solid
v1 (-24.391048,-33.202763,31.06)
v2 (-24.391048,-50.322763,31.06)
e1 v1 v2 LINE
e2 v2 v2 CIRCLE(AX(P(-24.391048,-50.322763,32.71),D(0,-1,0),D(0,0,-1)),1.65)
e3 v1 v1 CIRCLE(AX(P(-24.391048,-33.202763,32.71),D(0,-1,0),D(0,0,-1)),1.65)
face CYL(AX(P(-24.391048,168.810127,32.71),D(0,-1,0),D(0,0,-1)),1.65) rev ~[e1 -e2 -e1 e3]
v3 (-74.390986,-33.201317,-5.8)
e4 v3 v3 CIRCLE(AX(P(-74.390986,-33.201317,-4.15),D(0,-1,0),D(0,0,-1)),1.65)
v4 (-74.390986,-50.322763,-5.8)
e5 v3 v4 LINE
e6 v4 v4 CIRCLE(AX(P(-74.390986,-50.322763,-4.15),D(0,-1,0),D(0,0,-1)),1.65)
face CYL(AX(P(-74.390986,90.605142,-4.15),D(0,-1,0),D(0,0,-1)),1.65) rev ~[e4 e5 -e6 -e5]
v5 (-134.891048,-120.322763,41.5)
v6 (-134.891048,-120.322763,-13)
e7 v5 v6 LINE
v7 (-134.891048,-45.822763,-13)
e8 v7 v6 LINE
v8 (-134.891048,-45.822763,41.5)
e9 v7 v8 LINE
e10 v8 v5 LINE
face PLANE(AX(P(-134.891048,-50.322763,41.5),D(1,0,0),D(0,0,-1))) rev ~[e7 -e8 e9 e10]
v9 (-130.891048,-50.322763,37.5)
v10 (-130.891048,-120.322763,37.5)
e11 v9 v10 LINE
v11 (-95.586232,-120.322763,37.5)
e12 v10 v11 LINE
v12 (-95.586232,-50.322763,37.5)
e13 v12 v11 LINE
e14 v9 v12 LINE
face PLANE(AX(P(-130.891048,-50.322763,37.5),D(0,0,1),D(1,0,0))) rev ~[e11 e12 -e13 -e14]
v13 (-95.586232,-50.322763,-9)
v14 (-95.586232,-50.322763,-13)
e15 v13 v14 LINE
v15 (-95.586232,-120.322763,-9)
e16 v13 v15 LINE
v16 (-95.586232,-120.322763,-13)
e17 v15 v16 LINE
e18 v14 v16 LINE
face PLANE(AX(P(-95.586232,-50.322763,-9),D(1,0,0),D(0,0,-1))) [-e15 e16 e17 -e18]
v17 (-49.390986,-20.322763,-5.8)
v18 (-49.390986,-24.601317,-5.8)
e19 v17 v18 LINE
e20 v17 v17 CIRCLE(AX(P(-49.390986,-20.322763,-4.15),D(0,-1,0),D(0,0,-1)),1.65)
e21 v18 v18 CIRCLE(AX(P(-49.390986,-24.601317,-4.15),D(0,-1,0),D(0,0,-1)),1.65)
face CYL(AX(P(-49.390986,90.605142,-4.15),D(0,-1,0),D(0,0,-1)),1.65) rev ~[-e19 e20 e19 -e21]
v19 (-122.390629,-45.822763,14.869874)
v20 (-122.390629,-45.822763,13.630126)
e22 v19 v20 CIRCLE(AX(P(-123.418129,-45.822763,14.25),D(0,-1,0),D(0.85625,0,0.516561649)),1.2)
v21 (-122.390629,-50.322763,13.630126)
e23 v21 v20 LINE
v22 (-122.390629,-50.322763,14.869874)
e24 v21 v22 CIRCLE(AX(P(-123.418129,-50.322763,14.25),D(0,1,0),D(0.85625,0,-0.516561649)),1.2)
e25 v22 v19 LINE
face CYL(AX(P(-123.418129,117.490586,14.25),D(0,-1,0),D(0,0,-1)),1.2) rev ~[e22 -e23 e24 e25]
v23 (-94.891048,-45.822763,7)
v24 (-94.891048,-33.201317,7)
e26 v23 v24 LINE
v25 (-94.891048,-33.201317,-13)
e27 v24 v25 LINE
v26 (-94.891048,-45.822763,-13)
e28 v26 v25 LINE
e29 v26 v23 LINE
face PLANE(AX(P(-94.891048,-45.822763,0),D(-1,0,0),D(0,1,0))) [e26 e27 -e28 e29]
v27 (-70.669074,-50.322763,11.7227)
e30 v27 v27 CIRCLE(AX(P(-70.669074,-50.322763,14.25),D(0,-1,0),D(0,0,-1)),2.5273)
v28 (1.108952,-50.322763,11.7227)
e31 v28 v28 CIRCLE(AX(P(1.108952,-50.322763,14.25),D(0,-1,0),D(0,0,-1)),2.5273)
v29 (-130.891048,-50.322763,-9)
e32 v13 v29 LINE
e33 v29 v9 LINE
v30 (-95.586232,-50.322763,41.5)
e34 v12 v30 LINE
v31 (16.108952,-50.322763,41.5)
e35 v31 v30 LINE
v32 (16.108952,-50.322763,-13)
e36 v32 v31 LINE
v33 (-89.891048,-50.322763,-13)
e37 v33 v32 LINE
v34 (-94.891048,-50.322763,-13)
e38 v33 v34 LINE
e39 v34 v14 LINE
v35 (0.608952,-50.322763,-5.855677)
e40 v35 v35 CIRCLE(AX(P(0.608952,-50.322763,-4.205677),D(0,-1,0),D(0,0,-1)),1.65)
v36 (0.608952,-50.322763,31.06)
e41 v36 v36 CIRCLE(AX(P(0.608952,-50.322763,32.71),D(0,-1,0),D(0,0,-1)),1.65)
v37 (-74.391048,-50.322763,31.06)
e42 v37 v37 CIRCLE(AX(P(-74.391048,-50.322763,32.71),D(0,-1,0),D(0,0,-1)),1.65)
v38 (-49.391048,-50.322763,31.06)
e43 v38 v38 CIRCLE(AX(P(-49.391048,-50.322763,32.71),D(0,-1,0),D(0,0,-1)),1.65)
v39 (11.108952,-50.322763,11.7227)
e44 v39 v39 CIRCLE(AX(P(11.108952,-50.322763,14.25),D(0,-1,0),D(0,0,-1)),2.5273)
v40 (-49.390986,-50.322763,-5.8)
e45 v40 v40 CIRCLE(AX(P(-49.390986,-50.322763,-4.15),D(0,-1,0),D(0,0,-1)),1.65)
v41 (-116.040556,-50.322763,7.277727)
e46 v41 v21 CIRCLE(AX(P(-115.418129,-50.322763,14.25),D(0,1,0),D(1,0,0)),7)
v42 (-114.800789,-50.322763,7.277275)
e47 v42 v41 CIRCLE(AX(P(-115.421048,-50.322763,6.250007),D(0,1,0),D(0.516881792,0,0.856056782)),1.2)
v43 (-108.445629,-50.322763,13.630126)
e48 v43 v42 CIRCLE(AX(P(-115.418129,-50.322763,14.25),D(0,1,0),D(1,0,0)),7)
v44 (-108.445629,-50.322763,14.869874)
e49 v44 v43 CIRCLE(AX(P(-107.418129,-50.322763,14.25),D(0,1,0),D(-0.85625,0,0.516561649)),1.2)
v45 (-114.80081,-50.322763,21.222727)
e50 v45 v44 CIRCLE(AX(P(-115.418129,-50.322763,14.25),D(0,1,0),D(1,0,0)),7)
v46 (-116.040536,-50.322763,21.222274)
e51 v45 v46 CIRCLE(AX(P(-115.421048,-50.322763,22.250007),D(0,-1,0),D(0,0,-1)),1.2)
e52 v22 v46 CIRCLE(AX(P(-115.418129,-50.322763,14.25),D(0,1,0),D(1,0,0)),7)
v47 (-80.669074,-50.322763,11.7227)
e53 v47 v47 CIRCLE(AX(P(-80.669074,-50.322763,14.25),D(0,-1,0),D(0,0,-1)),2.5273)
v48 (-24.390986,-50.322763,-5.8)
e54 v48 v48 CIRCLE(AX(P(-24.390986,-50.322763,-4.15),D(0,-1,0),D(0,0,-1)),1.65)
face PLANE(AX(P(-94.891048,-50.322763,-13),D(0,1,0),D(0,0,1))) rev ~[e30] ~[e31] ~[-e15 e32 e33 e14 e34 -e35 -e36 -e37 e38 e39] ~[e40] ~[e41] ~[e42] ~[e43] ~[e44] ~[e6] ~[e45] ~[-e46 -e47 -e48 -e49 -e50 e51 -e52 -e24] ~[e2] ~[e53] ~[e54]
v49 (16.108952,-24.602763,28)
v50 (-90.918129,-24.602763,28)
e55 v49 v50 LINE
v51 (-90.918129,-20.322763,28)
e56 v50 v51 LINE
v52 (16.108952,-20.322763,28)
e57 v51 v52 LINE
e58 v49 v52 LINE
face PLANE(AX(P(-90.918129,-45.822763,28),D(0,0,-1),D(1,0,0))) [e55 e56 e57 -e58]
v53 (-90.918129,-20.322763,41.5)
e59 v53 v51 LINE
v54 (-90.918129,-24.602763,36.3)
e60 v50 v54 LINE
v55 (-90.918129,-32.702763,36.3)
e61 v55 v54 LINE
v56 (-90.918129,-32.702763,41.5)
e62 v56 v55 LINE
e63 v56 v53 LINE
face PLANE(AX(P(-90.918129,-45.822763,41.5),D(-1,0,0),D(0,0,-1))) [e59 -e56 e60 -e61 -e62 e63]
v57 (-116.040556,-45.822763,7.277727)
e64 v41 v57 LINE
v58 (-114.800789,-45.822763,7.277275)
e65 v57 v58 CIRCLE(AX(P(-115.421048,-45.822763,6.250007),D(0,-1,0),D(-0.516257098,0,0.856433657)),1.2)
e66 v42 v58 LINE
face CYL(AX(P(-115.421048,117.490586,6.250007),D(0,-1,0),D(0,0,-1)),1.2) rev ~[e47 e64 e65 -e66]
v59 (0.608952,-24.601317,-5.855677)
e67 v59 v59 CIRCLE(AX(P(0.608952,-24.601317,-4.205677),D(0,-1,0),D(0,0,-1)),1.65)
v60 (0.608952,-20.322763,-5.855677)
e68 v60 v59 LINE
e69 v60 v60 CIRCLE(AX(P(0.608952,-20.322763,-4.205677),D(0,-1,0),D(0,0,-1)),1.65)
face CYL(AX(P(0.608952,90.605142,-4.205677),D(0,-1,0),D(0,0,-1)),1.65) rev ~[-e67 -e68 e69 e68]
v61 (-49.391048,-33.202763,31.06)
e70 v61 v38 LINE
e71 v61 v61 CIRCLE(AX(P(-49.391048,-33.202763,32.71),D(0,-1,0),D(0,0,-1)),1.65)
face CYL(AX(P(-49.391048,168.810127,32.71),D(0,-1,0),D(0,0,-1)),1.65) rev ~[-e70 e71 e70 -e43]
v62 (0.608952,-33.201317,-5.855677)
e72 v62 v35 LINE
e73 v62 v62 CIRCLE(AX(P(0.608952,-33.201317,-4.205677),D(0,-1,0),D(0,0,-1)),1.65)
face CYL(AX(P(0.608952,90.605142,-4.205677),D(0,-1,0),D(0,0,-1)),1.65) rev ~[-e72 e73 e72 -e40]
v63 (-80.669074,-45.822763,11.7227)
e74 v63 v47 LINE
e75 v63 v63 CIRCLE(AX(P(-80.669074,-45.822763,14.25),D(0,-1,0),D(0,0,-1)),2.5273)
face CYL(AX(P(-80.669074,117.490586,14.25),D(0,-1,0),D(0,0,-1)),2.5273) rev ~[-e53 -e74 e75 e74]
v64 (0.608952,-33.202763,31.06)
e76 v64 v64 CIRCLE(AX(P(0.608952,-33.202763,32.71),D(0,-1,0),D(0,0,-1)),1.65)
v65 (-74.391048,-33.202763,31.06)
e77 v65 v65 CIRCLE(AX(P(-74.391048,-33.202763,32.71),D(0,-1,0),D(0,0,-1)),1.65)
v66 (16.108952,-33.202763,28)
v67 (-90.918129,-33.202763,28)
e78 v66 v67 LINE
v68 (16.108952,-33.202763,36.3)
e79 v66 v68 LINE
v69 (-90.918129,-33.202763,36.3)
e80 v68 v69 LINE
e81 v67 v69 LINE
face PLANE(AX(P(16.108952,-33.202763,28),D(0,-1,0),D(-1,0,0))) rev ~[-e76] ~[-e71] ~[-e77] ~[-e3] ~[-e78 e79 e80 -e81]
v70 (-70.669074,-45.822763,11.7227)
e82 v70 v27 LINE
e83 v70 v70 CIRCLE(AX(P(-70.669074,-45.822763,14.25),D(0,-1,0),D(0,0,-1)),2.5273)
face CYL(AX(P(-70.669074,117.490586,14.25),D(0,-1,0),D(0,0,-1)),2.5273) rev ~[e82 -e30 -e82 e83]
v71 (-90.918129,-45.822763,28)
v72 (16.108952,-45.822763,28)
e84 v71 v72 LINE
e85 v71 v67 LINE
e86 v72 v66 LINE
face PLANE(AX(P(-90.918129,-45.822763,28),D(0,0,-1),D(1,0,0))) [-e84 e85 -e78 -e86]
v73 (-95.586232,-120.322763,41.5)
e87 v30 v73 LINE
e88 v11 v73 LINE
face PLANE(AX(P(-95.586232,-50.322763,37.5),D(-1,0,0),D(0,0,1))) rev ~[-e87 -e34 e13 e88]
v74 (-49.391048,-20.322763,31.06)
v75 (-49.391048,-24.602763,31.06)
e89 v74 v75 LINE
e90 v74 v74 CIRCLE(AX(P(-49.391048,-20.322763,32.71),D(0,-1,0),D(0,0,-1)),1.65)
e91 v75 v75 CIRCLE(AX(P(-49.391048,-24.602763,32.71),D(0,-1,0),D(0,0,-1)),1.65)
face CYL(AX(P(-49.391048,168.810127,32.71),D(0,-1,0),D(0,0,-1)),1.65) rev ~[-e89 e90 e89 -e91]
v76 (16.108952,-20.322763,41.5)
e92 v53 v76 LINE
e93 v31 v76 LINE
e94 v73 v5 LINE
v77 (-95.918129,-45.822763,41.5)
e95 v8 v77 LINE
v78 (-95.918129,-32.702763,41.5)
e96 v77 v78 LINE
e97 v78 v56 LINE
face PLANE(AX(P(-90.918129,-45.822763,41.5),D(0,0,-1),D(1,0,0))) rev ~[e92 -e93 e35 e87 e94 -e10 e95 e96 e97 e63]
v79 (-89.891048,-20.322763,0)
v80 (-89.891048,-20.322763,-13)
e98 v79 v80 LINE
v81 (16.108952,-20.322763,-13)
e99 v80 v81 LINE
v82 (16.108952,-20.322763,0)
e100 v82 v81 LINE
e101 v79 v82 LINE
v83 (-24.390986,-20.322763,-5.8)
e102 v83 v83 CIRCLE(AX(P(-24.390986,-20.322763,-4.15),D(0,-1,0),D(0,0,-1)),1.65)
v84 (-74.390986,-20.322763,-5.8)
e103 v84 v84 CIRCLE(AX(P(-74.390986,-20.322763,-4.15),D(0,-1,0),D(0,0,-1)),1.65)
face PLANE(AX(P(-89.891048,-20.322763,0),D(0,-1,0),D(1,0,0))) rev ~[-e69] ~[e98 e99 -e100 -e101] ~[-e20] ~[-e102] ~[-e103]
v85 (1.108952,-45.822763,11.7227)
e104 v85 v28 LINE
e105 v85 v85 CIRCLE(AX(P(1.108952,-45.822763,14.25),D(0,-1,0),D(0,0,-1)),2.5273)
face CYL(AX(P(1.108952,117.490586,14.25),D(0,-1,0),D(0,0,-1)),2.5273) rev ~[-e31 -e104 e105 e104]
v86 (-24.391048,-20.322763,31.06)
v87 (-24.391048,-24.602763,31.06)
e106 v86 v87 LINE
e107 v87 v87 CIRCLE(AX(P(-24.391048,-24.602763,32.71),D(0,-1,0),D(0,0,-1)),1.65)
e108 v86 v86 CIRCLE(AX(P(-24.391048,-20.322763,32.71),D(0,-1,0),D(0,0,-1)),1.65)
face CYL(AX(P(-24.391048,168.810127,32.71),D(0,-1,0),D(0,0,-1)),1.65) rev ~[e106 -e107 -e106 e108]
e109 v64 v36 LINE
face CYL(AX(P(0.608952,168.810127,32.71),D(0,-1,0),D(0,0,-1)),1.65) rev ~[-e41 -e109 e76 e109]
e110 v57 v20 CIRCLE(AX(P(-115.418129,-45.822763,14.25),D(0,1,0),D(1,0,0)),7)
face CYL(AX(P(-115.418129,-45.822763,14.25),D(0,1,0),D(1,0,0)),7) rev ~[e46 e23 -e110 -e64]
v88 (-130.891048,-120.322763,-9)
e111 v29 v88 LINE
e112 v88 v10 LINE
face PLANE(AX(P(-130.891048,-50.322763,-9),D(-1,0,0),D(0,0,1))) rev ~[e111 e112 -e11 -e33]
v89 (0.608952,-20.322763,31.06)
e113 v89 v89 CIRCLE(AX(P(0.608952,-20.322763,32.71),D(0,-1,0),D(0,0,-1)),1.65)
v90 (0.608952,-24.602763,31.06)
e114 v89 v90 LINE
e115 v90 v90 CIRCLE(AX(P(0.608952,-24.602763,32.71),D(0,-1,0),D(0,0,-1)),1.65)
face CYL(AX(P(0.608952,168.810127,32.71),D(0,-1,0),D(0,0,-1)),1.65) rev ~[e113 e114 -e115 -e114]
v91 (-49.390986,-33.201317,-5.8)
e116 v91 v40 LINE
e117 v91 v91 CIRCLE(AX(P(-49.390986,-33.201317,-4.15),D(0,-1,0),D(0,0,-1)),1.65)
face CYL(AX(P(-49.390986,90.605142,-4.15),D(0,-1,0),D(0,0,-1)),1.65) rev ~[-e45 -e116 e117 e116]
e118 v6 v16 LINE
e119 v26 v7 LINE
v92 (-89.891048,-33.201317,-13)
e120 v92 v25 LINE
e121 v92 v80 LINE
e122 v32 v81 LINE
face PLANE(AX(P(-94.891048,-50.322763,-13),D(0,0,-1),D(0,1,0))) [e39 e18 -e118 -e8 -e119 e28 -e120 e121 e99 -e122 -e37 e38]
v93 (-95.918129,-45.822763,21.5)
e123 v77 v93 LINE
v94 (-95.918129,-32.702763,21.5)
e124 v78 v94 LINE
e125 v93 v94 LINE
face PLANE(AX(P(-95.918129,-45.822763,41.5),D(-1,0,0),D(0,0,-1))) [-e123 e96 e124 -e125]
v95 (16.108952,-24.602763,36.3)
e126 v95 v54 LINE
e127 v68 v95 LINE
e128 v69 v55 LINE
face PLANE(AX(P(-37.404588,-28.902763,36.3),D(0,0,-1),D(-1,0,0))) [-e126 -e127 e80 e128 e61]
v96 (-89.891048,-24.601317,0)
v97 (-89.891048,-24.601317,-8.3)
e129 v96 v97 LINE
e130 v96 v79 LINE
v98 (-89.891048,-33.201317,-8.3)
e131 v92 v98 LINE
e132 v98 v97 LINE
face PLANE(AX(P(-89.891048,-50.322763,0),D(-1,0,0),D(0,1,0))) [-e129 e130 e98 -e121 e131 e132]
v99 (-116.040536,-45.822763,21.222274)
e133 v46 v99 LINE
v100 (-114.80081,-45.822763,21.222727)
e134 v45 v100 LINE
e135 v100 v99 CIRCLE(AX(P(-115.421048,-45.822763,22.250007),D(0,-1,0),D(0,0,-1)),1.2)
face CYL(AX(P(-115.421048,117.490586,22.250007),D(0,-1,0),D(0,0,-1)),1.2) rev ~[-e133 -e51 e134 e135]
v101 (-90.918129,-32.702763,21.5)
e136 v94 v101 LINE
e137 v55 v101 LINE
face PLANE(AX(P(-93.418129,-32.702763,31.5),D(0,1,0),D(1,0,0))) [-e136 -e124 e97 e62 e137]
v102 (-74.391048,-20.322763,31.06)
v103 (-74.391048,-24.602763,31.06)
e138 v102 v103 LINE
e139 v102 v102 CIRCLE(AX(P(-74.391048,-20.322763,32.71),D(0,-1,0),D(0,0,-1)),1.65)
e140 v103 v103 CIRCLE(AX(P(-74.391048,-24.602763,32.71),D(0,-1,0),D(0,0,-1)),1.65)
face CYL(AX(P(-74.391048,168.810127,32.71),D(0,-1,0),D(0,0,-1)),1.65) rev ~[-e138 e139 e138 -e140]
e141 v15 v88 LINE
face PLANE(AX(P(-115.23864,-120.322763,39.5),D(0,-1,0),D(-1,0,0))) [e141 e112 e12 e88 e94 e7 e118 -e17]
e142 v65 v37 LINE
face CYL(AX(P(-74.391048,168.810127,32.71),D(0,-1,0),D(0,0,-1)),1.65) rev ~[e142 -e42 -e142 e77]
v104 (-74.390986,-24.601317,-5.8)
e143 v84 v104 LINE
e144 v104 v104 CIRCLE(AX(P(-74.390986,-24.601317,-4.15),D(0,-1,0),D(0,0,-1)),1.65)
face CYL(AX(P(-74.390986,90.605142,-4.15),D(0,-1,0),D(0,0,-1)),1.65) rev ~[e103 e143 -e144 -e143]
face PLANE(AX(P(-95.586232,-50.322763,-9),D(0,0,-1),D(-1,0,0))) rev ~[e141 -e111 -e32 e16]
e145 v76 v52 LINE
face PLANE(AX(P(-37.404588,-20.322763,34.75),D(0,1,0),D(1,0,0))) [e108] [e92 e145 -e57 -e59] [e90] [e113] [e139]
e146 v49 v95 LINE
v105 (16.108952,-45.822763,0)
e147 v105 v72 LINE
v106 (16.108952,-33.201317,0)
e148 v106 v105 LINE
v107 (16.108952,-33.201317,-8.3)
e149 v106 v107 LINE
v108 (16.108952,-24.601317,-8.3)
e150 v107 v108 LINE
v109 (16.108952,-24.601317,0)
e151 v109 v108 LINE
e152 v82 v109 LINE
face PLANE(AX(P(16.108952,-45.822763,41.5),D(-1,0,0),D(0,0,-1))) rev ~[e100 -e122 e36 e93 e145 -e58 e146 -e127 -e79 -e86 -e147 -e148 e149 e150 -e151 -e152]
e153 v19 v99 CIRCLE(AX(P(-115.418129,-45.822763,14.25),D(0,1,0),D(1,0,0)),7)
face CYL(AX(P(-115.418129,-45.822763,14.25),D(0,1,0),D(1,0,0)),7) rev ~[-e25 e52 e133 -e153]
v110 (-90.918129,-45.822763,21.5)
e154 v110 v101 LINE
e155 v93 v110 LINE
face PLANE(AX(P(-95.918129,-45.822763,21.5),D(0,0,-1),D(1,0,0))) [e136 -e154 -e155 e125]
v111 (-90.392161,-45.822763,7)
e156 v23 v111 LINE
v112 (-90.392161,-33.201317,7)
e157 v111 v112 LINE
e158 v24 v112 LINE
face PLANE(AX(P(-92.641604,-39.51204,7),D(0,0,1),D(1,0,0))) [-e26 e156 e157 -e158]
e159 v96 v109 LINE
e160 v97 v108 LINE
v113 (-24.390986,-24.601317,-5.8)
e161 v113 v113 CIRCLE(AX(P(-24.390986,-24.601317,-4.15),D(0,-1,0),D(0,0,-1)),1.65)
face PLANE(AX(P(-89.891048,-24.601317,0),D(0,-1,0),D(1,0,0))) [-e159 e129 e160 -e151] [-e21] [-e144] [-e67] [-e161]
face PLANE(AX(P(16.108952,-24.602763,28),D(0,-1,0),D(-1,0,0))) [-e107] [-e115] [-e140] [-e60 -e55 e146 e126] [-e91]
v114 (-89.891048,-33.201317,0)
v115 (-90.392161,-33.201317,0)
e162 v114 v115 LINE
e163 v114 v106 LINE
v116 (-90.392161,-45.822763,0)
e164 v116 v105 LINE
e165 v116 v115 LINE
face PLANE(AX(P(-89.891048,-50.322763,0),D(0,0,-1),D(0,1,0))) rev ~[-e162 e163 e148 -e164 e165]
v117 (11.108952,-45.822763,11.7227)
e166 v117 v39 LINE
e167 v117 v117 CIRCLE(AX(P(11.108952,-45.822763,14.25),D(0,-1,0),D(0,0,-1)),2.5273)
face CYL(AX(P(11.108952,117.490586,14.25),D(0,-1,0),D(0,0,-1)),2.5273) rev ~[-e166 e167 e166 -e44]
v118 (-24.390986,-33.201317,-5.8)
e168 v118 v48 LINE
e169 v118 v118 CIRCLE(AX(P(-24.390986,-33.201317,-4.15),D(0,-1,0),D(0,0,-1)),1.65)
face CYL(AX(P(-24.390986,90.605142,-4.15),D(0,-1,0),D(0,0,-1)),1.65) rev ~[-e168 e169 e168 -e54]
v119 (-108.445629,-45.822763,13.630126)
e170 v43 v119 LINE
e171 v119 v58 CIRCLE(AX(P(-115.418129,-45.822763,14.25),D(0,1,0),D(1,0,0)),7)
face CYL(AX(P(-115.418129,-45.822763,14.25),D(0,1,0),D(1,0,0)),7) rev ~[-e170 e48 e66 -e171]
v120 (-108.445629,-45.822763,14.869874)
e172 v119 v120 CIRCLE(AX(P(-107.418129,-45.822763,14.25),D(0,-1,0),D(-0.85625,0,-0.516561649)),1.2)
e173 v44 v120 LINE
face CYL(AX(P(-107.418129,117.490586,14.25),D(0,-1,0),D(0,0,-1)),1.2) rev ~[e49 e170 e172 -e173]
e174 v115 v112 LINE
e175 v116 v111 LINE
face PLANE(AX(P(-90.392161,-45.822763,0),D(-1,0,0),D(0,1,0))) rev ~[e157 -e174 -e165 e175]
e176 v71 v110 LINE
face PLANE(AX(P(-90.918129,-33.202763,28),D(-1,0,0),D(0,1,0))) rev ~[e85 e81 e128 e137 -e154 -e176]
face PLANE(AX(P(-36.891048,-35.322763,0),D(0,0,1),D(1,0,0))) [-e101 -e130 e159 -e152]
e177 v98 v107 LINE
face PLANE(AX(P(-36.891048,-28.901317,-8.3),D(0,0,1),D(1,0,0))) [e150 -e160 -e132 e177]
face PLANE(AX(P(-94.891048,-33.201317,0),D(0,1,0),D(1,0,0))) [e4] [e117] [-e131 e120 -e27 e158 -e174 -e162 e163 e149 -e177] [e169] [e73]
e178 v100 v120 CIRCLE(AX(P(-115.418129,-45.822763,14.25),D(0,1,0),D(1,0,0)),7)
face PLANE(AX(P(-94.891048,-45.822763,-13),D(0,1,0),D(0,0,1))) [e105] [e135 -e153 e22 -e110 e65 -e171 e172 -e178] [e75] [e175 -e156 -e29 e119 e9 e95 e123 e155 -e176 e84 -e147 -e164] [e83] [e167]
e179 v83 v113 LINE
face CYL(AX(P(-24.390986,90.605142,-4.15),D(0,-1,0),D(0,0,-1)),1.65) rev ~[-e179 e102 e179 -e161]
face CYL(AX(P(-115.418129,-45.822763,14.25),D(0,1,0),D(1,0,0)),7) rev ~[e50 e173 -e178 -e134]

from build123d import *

# Parameters (mm, degrees)
SKETCH4_W                  = 106
SKETCH4_H                  = 30
BOSS_EXTRUDE2_DEPTH        = 13
SKETCH25_W                 = 106
SKETCH25_H                 = 8.6
CUT_EXTRUDE3_DEPTH         = 1
CUT_EXTRUDE3_DEPTH_BACK    = 8.3
M4X0_7_TAPPED_HOLE1_D      = 3.3
SKETCH28_W                 = 106
SKETCH28_H                 = 4.5
BOSS_EXTRUDE3_DEPTH        = 41.5
SKETCH32_W                 = 41.5
SKETCH32_H                 = 4.5
BOSS_EXTRUDE10_DEPTH       = 5
SKETCH33_W                 = 13
SKETCH33_H                 = 17.121445937
BOSS_EXTRUDE12_DEPTH       = 5
SKETCH34_W                 = 4.498886861
SKETCH34_H                 = 12.621445937
BOSS_EXTRUDE13_DEPTH       = 7
SKETCH35_W                 = 54.5
SKETCH35_H                 = 4.5
BOSS_EXTRUDE14_DEPTH       = 40
SKETCH36_W                 = 5
SKETCH36_H                 = 20
BOSS_EXTRUDE15_DEPTH       = 13.12
F_8_0_199_DIAMETER_HOLE1_D = 5.0546
SKETCH39_R                 = 7
CUT_EXTRUDE4_DEPTH         = 10
M2_CLEARANCE_HOLE1_D       = 2.4
SKETCH43_W                 = 35.304815243
SKETCH43_H                 = 4
BOSS_EXTRUDE16_DEPTH       = 70
SKETCH44_W                 = 107.027081708
SKETCH44_H                 = 13.5
BOSS_EXTRUDE17_DEPTH       = 25.5
SKETCH47_W                 = 107.027081708
SKETCH47_H                 = 8.6
CUT_EXTRUDE5_DEPTH         = 8.3
M4X0_7_TAPPED_HOLE2_D      = 3.3


with BuildPart() as part:
    # Sketch4 → Boss-Extrude2 (new body)
    with BuildSketch(Plane.XY):
        with Locations((-36.891047602, -35.322762913)):
            Rectangle(SKETCH4_W, SKETCH4_H)
    extrude(amount=-BOSS_EXTRUDE2_DEPTH)

    # Sketch25 → Cut-Extrude3 (cut, two sides)
    with BuildSketch(Plane.XY) as cut_extrude3_sk:
        with Locations((-36.891047602, -28.901316976)):
            Rectangle(SKETCH25_W, SKETCH25_H)
    extrude(amount=CUT_EXTRUDE3_DEPTH, mode=Mode.SUBTRACT)
    extrude(cut_extrude3_sk.sketch, amount=-CUT_EXTRUDE3_DEPTH_BACK, mode=Mode.SUBTRACT)

    # M4x0.7 Tapped Hole1 (through all)
    with Locations(Plane(origin=(-74.390985602, -20.322762913, -4.15), x_dir=(0, 0, 1), z_dir=(0, 1, 0))):
        with Locations((0, 0), (0, 25), (-0.055677319, 74.999938), (0, 50)):
            Hole(M4X0_7_TAPPED_HOLE1_D / 2)

    # Sketch28 → Boss-Extrude3 (add)
    with BuildSketch(Plane.XY):
        with Locations((-36.891047602, -48.072762913)):
            Rectangle(SKETCH28_W, SKETCH28_H)
    extrude(amount=BOSS_EXTRUDE3_DEPTH)

    # Sketch32 → Boss-Extrude10 (add)
    with BuildSketch(Plane.ZY.offset(89.891047602)):
        with Locations((20.75, -48.072762913)):
            Rectangle(SKETCH32_W, SKETCH32_H)
    extrude(amount=BOSS_EXTRUDE10_DEPTH)

    # Sketch33 → Boss-Extrude12 (add)
    with BuildSketch(Plane.ZY.offset(89.891047602)):
        with Locations((-6.5, -41.762039945)):
            Rectangle(SKETCH33_W, SKETCH33_H)
    extrude(amount=BOSS_EXTRUDE12_DEPTH)

    # Sketch34 → Boss-Extrude13 (add)
    with BuildSketch(Plane.XY):
        with Locations((-92.641604172, -39.512039945)):
            Rectangle(SKETCH34_W, SKETCH34_H)
    extrude(amount=BOSS_EXTRUDE13_DEPTH)

    # Sketch35 → Boss-Extrude14 (add)
    with BuildSketch(Plane.ZY.offset(94.891047602)):
        with Locations((14.25, -48.072762913)):
            Rectangle(SKETCH35_W, SKETCH35_H)
    extrude(amount=BOSS_EXTRUDE14_DEPTH)

    # Sketch36 → Boss-Extrude15 (add)
    with BuildSketch(Plane(origin=(0, -45.822762913, 0), x_dir=(1, 0, 0), z_dir=(0, 1, 0))):
        with Locations((-93.41812931, -31.5)):
            Rectangle(SKETCH36_W, SKETCH36_H)
    extrude(amount=BOSS_EXTRUDE15_DEPTH)

    # #8 (0.199) Diameter Hole1 (through all)
    with Locations(Plane(origin=(-80.669073904, -45.822762913, 14.25), x_dir=(0, 0, 1), z_dir=(0, 1, 0))):
        with Locations((0, 0), (0, 91.778026302), (0, 81.778026302), (0, 10)):
            Hole(F_8_0_199_DIAMETER_HOLE1_D / 2)

    # Sketch39 → Cut-Extrude4 (cut)
    with BuildSketch(Plane(origin=(0, -45.822762913, 0), x_dir=(1, 0, 0), z_dir=(0, 1, 0))):
        with Locations((-115.41812931, -14.25)):
            Circle(SKETCH39_R)
    extrude(amount=-CUT_EXTRUDE4_DEPTH, mode=Mode.SUBTRACT)

    # M2 Clearance Hole1 (through all)
    with Locations(Plane(origin=(-107.41812931, -45.822762913, 14.25), x_dir=(0, 0, 1), z_dir=(0, 1, 0))):
        with Locations((0, 0), (8.000007036, -8.002918292), (-7.999992964, -8.002918292), (0, -16)):
            Hole(M2_CLEARANCE_HOLE1_D / 2)

    # Sketch43 → Boss-Extrude16 (add)
    with BuildSketch(Plane(origin=(0, -50.322762913, 0), x_dir=(-1, 0, 0), z_dir=(0, -1, 0))):
        Polygon((95.586232359, -37.5), (95.586232359, -41.5), (134.891047602, -41.5), (134.891047602, -37.5), (130.891047602, -37.5), align=None)
        Polygon((130.891047602, -37.5), (134.891047602, -37.5), (134.891047602, 13), (130.891047602, 13), (130.891047602, 9), align=None)
        with Locations((113.238639981, 11)):
            Rectangle(SKETCH43_W, SKETCH43_H)
    extrude(amount=BOSS_EXTRUDE16_DEPTH)

    # Sketch44 → Boss-Extrude17 (add)
    with BuildSketch(Plane(origin=(0, -45.822762913, 0), x_dir=(1, 0, 0), z_dir=(0, 1, 0))):
        with Locations((-37.404588456, -34.75)):
            Rectangle(SKETCH44_W, SKETCH44_H)
    extrude(amount=BOSS_EXTRUDE17_DEPTH)

    # Sketch47 → Cut-Extrude5 (cut)
    with BuildSketch(Plane(origin=(0, 0, 28), x_dir=(-1, 0, 0), z_dir=(0, 0, -1))):
        with Locations((37.404588456, -28.902762913)):
            Rectangle(SKETCH47_W, SKETCH47_H)
    extrude(amount=-CUT_EXTRUDE5_DEPTH, mode=Mode.SUBTRACT)

    # M4x0.7 Tapped Hole2 (through all)
    with Locations(Plane(origin=(-74.391047602, -20.322762913, 32.71), x_dir=(0, 0, 1), z_dir=(0, 1, 0))):
        with Locations((0, 0), (0, 25), (0, 50), (0, 75)):
            Hole(M4X0_7_TAPPED_HOLE2_D / 2)


solid = part.part
